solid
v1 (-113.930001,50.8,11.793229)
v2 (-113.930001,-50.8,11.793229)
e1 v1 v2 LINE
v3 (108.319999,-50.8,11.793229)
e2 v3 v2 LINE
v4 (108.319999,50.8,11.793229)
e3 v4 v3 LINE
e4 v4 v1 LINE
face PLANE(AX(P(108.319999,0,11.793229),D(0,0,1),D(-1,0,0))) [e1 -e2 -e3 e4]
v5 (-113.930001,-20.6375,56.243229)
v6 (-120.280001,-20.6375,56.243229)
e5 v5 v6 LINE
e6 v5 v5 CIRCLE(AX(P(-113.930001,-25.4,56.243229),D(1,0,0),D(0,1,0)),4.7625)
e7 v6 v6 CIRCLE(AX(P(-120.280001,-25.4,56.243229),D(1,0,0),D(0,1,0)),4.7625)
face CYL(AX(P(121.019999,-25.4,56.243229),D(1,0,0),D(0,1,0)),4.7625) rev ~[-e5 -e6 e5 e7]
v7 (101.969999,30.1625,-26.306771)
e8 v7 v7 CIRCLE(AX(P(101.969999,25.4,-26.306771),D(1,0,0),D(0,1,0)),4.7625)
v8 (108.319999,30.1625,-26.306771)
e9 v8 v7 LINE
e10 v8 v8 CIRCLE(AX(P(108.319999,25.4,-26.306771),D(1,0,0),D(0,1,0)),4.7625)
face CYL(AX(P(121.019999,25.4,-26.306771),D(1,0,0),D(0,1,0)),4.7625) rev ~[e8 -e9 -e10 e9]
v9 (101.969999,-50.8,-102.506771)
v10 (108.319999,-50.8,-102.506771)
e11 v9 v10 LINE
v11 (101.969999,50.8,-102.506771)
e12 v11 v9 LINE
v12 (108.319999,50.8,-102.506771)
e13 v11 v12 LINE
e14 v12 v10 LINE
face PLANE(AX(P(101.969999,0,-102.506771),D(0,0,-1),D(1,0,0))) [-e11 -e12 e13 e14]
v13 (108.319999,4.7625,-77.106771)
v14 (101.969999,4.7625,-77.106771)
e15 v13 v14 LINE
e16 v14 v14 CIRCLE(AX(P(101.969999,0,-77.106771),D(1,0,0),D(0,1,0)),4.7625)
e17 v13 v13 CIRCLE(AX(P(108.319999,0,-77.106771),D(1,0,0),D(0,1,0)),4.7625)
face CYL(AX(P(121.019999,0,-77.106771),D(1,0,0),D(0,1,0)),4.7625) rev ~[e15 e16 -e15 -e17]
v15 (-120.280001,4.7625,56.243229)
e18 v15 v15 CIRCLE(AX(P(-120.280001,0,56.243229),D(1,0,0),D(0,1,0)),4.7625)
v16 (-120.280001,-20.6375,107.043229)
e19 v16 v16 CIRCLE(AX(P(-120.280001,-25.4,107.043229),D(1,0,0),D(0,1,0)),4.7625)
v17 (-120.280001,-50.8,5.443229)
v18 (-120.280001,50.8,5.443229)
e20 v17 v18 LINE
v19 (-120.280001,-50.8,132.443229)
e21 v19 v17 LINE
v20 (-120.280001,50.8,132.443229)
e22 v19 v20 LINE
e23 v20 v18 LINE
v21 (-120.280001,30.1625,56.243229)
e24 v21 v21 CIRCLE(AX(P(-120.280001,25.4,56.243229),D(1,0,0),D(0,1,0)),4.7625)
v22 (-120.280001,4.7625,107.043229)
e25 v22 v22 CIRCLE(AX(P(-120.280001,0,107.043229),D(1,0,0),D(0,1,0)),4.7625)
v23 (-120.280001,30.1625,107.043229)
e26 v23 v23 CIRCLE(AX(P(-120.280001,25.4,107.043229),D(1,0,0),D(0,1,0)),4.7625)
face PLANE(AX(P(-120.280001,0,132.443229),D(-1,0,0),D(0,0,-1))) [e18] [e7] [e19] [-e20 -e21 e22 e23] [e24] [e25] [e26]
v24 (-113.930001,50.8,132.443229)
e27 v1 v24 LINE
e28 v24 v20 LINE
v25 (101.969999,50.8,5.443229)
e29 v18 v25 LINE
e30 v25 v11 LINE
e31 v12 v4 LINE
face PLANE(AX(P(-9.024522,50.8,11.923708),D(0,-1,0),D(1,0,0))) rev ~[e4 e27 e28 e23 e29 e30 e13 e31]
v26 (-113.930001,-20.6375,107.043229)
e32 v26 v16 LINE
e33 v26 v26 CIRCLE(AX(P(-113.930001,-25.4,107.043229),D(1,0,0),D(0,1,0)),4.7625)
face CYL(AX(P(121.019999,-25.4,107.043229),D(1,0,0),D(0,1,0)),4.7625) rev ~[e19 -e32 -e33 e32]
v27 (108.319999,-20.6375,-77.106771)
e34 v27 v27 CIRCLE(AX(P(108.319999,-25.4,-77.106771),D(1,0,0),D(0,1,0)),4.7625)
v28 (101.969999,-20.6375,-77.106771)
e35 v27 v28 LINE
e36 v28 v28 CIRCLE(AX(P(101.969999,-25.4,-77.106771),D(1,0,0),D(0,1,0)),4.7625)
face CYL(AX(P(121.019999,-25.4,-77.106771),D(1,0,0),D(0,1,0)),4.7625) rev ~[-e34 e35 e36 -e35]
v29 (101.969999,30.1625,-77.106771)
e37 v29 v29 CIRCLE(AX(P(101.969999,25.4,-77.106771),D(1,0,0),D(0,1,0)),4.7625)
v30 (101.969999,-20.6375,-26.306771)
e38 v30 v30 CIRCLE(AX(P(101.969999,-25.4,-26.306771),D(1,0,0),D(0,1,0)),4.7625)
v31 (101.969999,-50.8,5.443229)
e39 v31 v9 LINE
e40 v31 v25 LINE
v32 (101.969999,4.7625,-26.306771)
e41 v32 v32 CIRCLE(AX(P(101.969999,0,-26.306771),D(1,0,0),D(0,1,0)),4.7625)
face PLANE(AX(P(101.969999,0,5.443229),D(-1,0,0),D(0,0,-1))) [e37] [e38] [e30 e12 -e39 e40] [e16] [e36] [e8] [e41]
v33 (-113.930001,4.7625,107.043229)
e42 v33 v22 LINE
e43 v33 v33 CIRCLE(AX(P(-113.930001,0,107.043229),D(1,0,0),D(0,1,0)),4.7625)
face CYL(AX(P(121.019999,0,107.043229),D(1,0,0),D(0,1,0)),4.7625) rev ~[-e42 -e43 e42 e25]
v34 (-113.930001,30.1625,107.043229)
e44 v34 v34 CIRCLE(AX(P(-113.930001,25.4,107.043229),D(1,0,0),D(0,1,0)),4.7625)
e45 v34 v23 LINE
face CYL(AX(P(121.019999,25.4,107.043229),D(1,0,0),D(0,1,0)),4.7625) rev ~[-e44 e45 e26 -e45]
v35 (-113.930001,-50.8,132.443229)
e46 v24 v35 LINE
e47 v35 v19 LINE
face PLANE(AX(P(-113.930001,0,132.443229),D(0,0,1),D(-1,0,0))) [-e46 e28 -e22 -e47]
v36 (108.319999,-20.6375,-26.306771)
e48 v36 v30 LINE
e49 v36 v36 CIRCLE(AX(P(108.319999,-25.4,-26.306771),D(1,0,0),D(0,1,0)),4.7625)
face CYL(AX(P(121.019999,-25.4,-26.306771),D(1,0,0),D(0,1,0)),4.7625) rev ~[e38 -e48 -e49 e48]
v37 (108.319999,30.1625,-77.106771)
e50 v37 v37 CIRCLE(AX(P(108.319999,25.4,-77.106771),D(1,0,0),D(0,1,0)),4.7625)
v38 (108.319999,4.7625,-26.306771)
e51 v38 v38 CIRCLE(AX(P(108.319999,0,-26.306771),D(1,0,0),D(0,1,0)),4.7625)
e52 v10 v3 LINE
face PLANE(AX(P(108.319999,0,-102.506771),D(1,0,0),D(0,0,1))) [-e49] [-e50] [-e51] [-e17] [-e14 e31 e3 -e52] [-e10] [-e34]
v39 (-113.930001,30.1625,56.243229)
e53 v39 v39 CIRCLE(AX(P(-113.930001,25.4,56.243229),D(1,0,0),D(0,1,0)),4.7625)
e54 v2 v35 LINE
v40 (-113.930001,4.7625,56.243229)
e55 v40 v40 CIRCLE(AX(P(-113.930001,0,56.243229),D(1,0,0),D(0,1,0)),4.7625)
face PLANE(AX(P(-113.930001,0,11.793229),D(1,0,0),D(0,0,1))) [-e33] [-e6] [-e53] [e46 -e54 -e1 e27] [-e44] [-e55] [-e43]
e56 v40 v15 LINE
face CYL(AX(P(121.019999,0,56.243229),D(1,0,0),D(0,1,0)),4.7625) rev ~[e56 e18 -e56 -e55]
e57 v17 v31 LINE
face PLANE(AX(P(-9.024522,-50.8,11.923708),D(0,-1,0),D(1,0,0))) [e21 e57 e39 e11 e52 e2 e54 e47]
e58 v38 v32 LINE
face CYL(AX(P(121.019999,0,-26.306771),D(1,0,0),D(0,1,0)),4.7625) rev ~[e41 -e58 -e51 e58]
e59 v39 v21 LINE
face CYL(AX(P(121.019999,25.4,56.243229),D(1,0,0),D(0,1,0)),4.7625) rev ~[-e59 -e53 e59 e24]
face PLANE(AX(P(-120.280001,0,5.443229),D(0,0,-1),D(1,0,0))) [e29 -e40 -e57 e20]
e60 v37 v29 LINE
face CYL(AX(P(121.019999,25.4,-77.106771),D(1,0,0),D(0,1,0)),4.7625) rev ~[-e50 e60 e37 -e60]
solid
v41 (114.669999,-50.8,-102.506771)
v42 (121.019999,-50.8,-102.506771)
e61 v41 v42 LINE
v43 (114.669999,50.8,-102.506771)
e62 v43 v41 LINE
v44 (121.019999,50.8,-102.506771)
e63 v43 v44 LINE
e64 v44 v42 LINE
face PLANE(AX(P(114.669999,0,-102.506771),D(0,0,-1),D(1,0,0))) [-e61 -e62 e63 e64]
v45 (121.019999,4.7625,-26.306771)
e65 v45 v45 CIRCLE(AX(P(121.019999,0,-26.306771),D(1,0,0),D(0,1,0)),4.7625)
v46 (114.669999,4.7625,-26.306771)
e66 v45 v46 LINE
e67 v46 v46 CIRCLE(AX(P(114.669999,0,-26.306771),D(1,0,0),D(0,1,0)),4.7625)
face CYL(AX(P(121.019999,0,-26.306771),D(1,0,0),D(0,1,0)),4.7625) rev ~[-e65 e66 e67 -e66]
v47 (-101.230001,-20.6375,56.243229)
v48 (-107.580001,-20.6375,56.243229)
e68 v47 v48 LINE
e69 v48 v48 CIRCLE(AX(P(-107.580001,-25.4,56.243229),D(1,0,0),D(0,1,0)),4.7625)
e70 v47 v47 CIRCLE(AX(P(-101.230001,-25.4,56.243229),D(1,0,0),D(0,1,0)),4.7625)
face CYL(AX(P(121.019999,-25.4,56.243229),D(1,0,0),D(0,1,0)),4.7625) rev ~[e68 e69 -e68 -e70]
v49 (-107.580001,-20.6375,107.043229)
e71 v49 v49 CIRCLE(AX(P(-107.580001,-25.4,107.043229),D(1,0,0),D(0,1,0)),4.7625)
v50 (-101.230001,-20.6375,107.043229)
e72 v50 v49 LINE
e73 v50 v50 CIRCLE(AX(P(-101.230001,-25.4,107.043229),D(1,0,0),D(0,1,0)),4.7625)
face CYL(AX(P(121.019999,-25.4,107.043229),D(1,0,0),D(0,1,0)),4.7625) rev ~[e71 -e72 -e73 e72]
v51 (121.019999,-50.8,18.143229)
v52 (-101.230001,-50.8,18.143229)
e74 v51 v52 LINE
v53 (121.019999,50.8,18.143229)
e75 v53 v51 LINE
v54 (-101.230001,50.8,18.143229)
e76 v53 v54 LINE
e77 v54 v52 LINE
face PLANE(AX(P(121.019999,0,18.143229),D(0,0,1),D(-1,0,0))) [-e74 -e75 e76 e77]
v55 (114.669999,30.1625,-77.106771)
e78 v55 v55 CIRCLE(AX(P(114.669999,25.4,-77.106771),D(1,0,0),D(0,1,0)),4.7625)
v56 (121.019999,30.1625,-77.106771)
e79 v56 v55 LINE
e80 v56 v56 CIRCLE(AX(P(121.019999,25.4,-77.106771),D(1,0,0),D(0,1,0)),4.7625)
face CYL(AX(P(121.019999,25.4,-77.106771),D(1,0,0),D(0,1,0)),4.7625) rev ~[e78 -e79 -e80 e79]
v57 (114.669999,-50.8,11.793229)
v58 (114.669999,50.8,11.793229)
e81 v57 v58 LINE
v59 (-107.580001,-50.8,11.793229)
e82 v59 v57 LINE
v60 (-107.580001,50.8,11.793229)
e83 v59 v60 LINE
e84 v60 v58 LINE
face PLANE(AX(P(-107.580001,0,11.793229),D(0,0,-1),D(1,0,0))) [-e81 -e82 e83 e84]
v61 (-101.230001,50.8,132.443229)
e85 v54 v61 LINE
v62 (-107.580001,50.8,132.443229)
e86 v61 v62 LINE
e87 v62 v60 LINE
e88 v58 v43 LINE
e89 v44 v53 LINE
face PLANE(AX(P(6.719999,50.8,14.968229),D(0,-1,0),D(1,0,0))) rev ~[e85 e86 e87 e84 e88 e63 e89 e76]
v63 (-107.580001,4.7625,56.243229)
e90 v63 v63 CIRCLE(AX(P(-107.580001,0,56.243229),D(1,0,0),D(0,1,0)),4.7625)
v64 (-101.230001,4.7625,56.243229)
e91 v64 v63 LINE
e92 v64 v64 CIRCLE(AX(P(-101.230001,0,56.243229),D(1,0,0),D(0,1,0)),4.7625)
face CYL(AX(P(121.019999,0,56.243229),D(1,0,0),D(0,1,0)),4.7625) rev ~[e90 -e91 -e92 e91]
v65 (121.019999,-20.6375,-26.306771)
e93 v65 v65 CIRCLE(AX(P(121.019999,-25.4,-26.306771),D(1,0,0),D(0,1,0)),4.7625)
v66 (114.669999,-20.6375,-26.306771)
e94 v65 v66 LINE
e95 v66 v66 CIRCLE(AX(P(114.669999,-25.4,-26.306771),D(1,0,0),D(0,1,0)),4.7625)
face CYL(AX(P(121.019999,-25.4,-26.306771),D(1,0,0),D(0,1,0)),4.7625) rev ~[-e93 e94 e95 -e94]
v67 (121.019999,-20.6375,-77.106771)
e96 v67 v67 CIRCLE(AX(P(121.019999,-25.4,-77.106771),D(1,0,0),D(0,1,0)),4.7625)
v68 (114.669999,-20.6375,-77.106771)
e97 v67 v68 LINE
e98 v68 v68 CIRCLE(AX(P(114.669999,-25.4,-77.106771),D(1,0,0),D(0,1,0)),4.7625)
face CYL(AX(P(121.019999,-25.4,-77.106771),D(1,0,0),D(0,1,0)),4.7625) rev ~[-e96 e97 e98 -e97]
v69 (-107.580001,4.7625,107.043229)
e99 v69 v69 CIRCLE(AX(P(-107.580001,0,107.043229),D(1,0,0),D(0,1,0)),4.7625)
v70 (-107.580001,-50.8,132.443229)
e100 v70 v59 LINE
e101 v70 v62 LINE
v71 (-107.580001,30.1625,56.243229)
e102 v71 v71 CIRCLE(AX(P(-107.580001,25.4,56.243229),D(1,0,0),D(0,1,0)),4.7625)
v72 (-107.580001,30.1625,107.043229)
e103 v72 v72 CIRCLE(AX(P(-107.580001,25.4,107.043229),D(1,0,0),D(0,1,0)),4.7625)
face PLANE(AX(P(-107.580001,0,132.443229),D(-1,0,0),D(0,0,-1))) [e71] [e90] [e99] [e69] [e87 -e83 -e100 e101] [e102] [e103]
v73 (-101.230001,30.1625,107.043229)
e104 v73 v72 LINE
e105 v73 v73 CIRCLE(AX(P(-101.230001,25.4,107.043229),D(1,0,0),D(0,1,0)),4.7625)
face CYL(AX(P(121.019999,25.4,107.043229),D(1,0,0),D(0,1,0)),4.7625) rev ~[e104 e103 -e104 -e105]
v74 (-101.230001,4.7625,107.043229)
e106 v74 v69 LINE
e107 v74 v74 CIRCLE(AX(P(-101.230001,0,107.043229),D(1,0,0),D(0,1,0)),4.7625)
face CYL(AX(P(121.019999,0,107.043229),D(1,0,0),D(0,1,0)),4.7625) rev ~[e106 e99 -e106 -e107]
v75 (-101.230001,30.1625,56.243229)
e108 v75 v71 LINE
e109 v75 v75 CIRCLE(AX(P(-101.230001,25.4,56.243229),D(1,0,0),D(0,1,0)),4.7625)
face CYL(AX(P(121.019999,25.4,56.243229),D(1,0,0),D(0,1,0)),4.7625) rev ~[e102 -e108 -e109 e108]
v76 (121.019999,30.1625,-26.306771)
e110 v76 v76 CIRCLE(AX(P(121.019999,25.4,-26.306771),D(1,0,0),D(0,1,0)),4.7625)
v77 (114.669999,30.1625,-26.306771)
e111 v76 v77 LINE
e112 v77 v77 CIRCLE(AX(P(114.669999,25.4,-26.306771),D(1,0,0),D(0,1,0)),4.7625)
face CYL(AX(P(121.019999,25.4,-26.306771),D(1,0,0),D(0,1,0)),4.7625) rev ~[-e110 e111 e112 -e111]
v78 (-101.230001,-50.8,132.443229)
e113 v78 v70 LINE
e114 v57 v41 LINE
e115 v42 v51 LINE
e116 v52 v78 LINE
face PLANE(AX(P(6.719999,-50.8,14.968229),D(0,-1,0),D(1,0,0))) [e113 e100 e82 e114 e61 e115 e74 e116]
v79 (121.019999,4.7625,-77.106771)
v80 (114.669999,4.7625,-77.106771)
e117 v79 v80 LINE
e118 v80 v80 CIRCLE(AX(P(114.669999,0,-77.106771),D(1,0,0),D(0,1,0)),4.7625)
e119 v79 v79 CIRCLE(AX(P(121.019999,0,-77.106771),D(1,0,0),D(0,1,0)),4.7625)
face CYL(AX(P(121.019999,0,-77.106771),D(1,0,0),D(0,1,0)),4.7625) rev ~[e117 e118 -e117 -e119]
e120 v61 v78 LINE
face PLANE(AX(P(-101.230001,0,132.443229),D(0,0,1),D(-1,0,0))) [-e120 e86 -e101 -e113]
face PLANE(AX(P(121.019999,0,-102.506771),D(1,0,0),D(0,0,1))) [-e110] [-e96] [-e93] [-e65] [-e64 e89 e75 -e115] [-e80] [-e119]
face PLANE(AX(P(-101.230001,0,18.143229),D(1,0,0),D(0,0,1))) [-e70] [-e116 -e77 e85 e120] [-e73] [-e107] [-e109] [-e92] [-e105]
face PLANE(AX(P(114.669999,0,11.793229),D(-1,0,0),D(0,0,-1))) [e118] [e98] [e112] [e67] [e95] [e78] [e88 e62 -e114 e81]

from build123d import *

# Parameters (mm, degrees)
F1_DEPTH = 50.8
F3_DEPTH = 50.8
F4_R     = 4.7625
F5_DEPTH = 241.301


with BuildPart() as f1:
    # F0 (on Front) → F1 (new body, symmetric)
    with BuildSketch(Plane.XZ):
        Polygon((101.969999, 5.443229), (101.969999, -102.506771), (108.319999, -102.506771), (108.319999, 11.793229), (-113.930001, 11.793229), (-113.930001, 132.443229), (-120.280001, 132.443229), (-120.280001, 5.443229), align=None)
    extrude(amount=F1_DEPTH, both=True)


with BuildPart() as f3:
    # F2 (on Front) → F3 (new body, symmetric)
    with BuildSketch(Plane.XZ):
        Polygon((114.669999, 11.793229), (114.669999, -102.506771), (121.019999, -102.506771), (121.019999, 18.143229), (-101.230001, 18.143229), (-101.230001, 132.443229), (-107.580001, 132.443229), (-107.580001, 11.793229), align=None)
    extrude(amount=F3_DEPTH, both=True)


with BuildPart() as f5_tool:
    # F4 (on face) → F5 (new body, through all)
    with BuildSketch(Plane.YZ.offset(121.019999)):
        with Locations((-25.4, -77.106771)):
            Circle(F4_R)
        with Locations((-25.4, 107.043229)):
            Circle(F4_R)
        with Locations((-25.4, 56.243229)):
            Circle(F4_R)
        with Locations((0, 107.043229)):
            Circle(F4_R)
        with Locations((0, 56.243229)):
            Circle(F4_R)
        with Locations((25.4, 107.043229)):
            Circle(F4_R)
        with Locations((25.4, 56.243229)):
            Circle(F4_R)
        with Locations((-25.4, -26.306771)):
            Circle(F4_R)
        with Locations((0, -77.106771)):
            Circle(F4_R)
        with Locations((0, -26.306771)):
            Circle(F4_R)
        with Locations((25.4, -77.106771)):
            Circle(F4_R)
        with Locations((25.4, -26.306771)):
            Circle(F4_R)
    extrude(amount=-F5_DEPTH)


with BuildPart() as f1_1:
    add(f1.part)

    # F5: cut by f5_tool
    add(f5_tool.part, mode=Mode.SUBTRACT)


with BuildPart() as f3_1:
    add(f3.part)

    # F5: cut by f5_tool
    add(f5_tool.part, mode=Mode.SUBTRACT)


solid = Compound([f1_1.part, f3_1.part])
